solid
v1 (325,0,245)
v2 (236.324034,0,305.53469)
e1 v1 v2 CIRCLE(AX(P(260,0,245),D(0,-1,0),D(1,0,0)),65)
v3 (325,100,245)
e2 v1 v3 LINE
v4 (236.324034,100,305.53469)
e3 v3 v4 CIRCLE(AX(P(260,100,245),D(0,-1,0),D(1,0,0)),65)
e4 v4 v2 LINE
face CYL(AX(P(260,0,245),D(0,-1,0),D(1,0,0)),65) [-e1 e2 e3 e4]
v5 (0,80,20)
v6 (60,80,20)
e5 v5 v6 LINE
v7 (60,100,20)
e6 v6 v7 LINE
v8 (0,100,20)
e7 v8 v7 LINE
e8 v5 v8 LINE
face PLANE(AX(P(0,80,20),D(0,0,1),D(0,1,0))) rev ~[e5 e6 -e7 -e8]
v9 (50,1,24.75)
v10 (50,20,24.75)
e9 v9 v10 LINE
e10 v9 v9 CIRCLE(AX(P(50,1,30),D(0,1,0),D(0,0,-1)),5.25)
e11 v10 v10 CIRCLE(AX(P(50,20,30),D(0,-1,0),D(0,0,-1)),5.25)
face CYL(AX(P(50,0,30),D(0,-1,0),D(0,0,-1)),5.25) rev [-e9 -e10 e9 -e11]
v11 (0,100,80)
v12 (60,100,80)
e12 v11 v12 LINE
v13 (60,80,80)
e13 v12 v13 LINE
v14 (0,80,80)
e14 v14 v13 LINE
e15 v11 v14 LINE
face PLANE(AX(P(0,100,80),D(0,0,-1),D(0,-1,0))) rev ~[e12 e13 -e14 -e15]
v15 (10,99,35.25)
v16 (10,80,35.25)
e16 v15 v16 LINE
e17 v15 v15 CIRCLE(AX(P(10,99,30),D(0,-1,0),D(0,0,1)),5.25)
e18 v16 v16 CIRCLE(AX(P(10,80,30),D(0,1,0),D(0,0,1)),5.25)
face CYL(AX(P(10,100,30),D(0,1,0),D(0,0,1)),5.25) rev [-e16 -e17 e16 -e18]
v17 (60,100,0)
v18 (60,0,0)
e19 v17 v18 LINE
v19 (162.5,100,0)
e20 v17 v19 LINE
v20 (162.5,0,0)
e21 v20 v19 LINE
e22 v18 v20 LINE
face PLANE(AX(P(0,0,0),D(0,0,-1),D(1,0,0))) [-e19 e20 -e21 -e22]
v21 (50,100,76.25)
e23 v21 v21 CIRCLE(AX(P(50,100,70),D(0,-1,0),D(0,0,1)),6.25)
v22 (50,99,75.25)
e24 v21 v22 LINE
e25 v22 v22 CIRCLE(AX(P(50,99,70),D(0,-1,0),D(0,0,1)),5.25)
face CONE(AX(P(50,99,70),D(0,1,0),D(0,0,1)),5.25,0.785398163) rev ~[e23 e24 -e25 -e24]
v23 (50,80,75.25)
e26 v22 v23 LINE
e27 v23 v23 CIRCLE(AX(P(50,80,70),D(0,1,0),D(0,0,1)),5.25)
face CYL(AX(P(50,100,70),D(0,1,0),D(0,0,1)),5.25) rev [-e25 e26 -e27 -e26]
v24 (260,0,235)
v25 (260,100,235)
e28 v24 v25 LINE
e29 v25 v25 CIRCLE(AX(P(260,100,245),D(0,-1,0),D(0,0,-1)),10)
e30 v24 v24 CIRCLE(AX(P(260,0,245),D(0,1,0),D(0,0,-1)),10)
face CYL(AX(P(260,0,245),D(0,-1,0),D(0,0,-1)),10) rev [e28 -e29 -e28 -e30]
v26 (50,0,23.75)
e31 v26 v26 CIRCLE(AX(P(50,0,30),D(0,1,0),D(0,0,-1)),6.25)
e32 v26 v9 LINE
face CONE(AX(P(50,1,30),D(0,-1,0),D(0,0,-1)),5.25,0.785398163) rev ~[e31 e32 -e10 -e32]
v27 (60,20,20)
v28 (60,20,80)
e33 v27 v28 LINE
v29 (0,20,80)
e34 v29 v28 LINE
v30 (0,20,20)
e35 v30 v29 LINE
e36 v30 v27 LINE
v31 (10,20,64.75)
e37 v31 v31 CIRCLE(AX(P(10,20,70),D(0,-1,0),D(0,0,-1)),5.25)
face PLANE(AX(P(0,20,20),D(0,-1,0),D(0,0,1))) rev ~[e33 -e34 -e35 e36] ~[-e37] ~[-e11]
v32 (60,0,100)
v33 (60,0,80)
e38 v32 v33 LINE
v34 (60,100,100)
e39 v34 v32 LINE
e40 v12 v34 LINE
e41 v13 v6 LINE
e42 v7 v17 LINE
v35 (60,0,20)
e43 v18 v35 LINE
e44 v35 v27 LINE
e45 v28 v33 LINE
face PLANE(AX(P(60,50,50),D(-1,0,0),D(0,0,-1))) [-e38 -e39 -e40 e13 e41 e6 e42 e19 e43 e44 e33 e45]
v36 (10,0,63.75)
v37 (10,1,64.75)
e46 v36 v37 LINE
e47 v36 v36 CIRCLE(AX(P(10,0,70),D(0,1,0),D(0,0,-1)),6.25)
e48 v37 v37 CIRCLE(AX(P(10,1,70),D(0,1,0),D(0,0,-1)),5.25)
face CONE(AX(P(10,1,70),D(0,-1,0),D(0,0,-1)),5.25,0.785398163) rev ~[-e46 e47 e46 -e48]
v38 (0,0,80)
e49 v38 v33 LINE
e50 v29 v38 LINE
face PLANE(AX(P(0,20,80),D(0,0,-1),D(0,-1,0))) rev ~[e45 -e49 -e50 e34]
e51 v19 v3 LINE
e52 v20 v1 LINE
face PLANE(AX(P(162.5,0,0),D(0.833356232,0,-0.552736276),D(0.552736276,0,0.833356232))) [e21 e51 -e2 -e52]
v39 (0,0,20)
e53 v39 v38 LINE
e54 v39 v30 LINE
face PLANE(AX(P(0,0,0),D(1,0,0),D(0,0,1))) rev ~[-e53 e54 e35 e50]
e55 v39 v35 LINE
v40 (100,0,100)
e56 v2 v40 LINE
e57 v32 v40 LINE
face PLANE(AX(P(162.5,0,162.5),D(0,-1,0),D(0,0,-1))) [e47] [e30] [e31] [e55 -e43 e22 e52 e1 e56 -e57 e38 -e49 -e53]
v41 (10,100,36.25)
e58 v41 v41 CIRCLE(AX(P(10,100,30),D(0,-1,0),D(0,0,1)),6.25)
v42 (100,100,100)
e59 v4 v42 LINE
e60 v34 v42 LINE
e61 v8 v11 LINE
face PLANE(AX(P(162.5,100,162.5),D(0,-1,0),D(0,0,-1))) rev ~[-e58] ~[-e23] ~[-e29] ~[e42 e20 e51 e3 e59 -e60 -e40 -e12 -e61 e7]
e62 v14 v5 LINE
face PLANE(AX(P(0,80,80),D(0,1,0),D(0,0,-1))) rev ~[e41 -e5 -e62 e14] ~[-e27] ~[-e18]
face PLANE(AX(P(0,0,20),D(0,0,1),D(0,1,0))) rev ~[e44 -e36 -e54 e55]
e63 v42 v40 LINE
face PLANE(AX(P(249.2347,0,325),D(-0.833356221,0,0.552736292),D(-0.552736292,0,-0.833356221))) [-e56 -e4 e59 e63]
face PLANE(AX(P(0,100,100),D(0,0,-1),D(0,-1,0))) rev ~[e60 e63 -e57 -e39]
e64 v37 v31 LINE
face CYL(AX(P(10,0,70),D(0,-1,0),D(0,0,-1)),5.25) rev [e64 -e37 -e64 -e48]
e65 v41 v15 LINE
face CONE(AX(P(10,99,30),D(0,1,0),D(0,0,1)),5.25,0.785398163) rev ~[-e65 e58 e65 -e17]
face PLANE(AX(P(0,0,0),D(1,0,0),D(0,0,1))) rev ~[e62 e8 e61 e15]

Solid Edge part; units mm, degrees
sketch "Sketch1" plane through (0, 0, 0) normal (0, -1, 0) x (1, 0, 0)
  line L0 (325, 325) -> (0, 325)
  line L1 (0, 0) -> (0, 325)
  line L2 (0, 0) -> (325, 0)
  line L3 (325, 0) -> (325, 325)
extrude "Protrusion1" add sketch "Sketch1" against normal blind 100
sketch "Sketch2" plane through (0, 50, 162.5) normal (-1, 0, 0) x (0, -1, 0)
  line L0 (-50, 162.5) -> (-50, -62.5)
  line L1 (-50, -62.5) -> (50, -62.5)
  line L2 (50, -62.5) -> (50, 162.5)
  line L3 (50, 162.5) -> (-50, 162.5)
  dimension "D1" = 225
extrude "Extrusionsausschnitt_1" cut sketch "Sketch2" against normal blind 100
sketch "Sketch3" plane through (0, 50, 50) normal (-1, 0, 0) x (0, -1, 0)
  line L0 (30, 30) -> (50, 30)
  line L1 (50, 50) -> (50, 30)
  line L2 (-50, 50) -> (50, 50)
  line L3 (-50, 30) -> (-50, 50)
  line L4 (-50, 30) -> (-30, 30)
  line L5 (-30, 30) -> (-30, -30)
  line L6 (-30, -30) -> (-50, -30)
  line L7 (-50, -30) -> (-50, -50)
  line L8 (-50, -50) -> (50, -50)
  line L9 (50, -50) -> (50, -30)
  line L10 (50, -30) -> (30, -30)
  line L11 (30, -30) -> (30, 30)
extrude "Extrusionsausschnitt_2" cut sketch "Sketch3" against normal blind 60
sketch "Sketch4" plane through (162.5, 0, 162.5) normal (0, -1, 0) x (1, 0, 0)
  line L0 (0, -162.5) -> (162.5, 82.5)
  line L1 (162.5, 82.5) -> (162.5, -162.5)
  line L2 (162.5, -162.5) -> (0, -162.5)
  dimension "D1" = 245
extrude "Extrusionsausschnitt_3" cut sketch "Sketch4" against normal blind 100
sketch "Sketch5" plane through (162.5, 0, 162.5) normal (0, -1, 0) x (1, 0, 0)
  line L0 (86.7347, 162.5) -> (-62.5, -62.5)
  line L1 (-62.5, 162.5) -> (-62.5, -62.5)
  line L2 (86.7347, 162.5) -> (-62.5, 162.5)
extrude "Extrusionsausschnitt_4" cut sketch "Sketch5" against normal blind 100
hole "Bohrung_1" at (260, 0, 245) direction (0, 1, 0) diameter 20 end up to next
sketch "Sketch6" plane through (162.5, 0, 162.5) normal (0, -1, 0) x (1, 0, 0)
  arc A0 (162.5, 82.5) -> (64.2476, 138.3505) centre (97.5, 82.5) ccw
  line L0 (64.2476, 138.3505) -> (74.5932, 173.0121)
  line L1 (74.5932, 173.0121) -> (182.984, 173.0121)
  line L2 (182.984, 173.0121) -> (182.984, 82.5)
  line L3 (182.984, 82.5) -> (162.5, 82.5)
extrude "Extrusionsausschnitt_5" cut sketch "Sketch6" against normal blind 1030.7855
hole "Bohrung_2" at (10, 0, 70) direction (0, 1, 0) diameter 10.5 end up to next start chamfer 1 start chamfer angle 45
hole "Hole1" at (50, 0, 30) direction (0, 1, 0) diameter 10.5 end up to next start chamfer 1 start chamfer angle 45
hole "Bohrung_4" at (50, 100, 70) direction (0, -1, 0) diameter 10.5 end up to next start chamfer 1 start chamfer angle 45
hole "Hole2" at (10, 100, 30) direction (0, -1, 0) diameter 10.5 end up to next start chamfer 1 start chamfer angle 45
